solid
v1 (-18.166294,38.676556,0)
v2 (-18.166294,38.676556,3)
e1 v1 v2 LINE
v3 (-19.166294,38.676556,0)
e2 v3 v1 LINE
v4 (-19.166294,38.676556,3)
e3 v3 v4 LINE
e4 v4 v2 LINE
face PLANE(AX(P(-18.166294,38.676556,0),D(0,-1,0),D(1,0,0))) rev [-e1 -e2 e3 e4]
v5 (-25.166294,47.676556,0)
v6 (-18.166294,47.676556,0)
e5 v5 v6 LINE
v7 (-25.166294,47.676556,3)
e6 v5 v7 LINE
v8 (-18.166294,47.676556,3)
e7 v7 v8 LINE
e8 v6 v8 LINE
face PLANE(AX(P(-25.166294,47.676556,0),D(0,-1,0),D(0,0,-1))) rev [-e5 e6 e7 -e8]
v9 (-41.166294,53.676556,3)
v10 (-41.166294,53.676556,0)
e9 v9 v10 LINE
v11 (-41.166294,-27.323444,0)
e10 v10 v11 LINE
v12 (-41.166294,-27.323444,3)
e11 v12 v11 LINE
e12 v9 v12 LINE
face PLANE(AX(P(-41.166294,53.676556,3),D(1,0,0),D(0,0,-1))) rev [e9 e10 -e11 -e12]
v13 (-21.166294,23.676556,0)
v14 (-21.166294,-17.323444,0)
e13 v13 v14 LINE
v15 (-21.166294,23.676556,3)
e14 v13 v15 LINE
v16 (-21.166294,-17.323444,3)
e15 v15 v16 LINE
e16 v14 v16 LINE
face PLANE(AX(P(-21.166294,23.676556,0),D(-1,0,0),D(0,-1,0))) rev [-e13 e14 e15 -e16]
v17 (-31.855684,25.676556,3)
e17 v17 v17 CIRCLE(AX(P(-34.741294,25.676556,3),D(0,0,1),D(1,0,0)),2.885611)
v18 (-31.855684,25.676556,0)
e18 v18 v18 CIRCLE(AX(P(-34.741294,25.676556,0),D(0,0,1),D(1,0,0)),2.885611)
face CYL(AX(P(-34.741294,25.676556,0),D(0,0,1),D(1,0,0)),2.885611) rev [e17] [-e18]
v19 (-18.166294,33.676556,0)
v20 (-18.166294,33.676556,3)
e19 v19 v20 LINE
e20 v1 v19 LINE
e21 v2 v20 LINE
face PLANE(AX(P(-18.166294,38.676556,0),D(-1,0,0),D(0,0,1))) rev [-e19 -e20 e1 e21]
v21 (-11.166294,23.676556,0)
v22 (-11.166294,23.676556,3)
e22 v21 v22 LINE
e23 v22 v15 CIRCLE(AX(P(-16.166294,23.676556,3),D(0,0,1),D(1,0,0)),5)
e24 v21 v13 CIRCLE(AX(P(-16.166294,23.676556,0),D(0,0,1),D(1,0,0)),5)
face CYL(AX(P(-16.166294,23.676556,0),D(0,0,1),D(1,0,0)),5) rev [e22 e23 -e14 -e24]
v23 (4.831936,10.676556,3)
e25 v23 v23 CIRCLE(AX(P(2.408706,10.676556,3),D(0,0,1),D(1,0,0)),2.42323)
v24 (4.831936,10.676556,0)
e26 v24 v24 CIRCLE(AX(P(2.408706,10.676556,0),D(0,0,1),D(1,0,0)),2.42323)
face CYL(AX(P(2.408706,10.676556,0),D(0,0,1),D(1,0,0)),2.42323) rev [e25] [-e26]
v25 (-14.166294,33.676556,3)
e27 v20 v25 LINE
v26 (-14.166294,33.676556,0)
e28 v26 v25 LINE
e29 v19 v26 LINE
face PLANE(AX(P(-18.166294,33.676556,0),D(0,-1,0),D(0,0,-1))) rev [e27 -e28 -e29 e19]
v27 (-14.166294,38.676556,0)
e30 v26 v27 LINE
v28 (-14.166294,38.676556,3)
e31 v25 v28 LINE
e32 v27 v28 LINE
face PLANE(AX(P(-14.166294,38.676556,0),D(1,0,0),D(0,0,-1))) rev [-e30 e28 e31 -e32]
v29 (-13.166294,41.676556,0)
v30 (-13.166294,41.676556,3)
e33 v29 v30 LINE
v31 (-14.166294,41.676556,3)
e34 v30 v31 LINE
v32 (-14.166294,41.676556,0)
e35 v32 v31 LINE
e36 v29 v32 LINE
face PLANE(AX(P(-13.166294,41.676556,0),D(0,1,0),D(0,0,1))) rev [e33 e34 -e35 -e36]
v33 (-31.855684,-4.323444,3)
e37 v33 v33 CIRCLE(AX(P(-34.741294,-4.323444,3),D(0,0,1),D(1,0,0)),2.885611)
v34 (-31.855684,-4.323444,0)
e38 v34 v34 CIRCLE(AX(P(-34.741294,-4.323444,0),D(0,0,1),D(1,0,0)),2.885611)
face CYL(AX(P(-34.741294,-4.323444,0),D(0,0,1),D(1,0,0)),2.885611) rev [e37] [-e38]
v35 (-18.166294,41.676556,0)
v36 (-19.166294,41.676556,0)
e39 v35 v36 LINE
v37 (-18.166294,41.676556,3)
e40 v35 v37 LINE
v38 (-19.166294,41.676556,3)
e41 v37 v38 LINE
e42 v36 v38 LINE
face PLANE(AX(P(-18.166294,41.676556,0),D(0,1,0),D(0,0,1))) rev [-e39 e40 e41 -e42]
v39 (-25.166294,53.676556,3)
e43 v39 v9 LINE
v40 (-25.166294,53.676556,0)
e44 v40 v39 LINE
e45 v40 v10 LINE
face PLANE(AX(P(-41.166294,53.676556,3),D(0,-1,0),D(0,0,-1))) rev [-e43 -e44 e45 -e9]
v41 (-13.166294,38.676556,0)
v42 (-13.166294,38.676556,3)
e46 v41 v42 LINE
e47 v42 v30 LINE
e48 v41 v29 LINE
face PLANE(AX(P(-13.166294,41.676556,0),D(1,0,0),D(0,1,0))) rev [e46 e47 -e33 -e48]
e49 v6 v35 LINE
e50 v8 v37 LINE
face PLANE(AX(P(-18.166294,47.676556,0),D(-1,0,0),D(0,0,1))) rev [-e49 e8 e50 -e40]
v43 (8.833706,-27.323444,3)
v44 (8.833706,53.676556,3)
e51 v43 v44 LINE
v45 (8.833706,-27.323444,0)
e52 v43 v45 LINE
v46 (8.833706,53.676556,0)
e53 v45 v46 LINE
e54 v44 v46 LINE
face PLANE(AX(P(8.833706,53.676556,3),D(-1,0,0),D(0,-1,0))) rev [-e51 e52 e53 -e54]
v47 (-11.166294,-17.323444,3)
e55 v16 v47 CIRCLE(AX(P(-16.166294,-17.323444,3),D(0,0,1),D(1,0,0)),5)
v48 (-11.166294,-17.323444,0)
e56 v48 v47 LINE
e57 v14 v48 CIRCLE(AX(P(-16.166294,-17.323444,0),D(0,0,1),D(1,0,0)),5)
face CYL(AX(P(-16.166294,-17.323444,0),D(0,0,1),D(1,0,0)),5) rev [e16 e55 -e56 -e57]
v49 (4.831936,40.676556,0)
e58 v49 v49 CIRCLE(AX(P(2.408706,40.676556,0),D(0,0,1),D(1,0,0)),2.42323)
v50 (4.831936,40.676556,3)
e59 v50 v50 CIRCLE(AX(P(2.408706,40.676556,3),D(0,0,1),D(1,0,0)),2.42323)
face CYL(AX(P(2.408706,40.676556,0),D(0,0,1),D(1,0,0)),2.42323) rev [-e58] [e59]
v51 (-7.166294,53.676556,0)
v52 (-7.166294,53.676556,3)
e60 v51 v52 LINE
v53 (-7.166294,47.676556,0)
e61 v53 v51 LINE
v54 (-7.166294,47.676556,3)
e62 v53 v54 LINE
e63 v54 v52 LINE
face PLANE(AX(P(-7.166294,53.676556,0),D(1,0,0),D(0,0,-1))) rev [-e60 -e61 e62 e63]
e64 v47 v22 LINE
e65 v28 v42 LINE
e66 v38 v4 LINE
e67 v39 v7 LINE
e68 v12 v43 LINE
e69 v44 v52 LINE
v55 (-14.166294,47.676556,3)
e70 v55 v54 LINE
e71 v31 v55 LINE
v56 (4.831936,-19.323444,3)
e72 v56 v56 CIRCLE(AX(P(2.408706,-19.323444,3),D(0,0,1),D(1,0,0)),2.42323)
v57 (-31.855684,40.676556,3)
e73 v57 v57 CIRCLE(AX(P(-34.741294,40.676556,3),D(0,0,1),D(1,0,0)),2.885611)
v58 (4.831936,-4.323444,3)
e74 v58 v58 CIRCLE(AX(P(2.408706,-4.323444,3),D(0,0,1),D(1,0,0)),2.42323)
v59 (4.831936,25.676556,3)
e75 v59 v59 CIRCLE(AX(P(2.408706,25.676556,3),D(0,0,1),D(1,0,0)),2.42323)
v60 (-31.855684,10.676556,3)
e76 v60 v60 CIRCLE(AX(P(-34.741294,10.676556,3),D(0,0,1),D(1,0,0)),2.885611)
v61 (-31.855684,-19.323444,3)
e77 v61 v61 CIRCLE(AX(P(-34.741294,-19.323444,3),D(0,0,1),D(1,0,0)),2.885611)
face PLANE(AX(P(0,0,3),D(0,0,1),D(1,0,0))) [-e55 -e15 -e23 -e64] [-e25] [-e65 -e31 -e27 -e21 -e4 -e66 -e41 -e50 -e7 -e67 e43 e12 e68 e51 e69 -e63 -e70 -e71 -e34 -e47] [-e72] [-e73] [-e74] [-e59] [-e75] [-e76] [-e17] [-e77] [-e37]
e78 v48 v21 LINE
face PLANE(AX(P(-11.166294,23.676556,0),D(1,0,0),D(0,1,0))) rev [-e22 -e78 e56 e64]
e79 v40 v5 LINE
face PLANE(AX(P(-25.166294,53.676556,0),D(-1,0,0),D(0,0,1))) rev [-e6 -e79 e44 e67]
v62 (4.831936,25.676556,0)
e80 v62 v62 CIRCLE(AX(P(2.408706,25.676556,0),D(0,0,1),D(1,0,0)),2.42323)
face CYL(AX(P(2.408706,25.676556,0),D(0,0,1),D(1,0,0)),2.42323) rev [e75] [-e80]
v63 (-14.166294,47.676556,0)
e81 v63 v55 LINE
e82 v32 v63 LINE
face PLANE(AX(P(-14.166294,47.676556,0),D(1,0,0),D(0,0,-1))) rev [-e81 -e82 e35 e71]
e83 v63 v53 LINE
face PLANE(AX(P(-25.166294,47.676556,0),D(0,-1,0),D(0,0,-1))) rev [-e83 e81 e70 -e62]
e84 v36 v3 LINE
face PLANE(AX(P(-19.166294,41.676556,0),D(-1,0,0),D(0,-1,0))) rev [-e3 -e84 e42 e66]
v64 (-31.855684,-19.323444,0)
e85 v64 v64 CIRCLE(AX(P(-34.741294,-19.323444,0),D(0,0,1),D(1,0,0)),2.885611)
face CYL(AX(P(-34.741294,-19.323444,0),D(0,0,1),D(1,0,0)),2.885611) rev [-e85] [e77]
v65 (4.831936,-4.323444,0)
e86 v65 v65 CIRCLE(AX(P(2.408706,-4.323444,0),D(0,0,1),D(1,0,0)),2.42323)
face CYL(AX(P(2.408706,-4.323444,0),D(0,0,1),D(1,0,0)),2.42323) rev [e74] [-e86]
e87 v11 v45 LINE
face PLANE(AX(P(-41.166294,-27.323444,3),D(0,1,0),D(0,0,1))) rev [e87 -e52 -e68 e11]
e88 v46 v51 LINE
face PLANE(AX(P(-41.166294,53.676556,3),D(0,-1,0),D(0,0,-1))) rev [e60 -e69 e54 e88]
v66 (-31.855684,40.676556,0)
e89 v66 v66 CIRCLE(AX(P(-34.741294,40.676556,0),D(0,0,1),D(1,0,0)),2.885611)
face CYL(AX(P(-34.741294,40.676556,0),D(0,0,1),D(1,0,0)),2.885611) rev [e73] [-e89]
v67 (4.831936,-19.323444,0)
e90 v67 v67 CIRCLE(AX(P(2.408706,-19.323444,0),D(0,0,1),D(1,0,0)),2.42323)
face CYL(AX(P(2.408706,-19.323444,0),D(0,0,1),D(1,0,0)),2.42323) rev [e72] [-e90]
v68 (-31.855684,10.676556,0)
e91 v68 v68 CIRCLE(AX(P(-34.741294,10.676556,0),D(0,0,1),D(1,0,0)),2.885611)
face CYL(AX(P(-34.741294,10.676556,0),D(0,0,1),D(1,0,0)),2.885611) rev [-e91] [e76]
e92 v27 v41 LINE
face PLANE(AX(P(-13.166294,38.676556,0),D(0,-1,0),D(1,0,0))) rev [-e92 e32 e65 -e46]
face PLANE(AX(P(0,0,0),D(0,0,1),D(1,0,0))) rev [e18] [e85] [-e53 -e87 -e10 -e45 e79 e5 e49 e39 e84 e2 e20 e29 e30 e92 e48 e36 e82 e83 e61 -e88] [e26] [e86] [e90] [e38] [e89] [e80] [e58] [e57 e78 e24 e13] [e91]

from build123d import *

# Parameters (mm, degrees)
ESQUISSE1_W             = 50
ESQUISSE1_H             = 81
BOSS_EXTRU_1_DEPTH      = 3
ESQUISSE2_W             = 18
ESQUISSE2_H             = 6
ENL_V_MAT_EXTRU_1_DEPTH = 3
ENL_V_MAT_EXTRU_2_DEPTH = 3
ESQUISSE5_R             = 2.885610726
ESQUISSE5_R_2           = 2.423229835
ENL_V_MAT_EXTRU_3_DEPTH = 3


with BuildPart() as part:
    # Esquisse1 → Boss.-Extru.1 (new body)
    with BuildSketch(Plane.XY):
        with Locations((-16.166294243, 13.176556017)):
            Rectangle(ESQUISSE1_W, ESQUISSE1_H)
    extrude(amount=BOSS_EXTRU_1_DEPTH)

    # Esquisse2 → Enlèv. mat.-Extru.1 (cut)
    with BuildSketch(Plane.XY.offset(3)):
        with Locations((-16.166294243, 50.676556017)):
            Rectangle(ESQUISSE2_W, ESQUISSE2_H)
    extrude(amount=-ENL_V_MAT_EXTRU_1_DEPTH, mode=Mode.SUBTRACT)

    # Esquisse3 → Enlèv. mat.-Extru.2 (cut)
    with BuildSketch(Plane.XY.offset(3)):
        Polygon((-18.166294243, 41.676556017), (-19.166294243, 41.676556017), (-19.166294243, 38.676556017), (-18.166294243, 38.676556017), (-18.166294243, 33.676556017), (-14.166294243, 33.676556017), (-14.166294243, 38.676556017), (-13.166294243, 38.676556017), (-13.166294243, 41.676556017), (-14.166294243, 41.676556017), (-14.166294243, 47.676556017), (-18.166294243, 47.676556017), align=None)
        with BuildLine():
            Line((-11.166294243, 23.676556017), (-11.166294243, -17.323443983))
            ThreePointArc((-11.166294243, -17.323443983), (-16.166294243, -22.323443983), (-21.166294243, -17.323443983))
            Line((-21.166294243, -17.323443983), (-21.166294243, 23.676556017))
            ThreePointArc((-21.166294243, 23.676556017), (-16.166294243, 28.676556017), (-11.166294243, 23.676556017))
        make_face()
    extrude(amount=-ENL_V_MAT_EXTRU_2_DEPTH, mode=Mode.SUBTRACT)

    # Esquisse5 → Enlèv. mat.-Extru.3 (cut)
    with BuildSketch(Plane.XY.offset(3)):
        with Locations((-34.741294243, -19.323443983)):
            Circle(ESQUISSE5_R)
        with Locations((2.408705757, -19.323443983)):
            Circle(ESQUISSE5_R_2)
        with Locations((-34.741294243, -4.323443983)):
            Circle(ESQUISSE5_R)
        with Locations((2.408705757, -4.323443983)):
            Circle(ESQUISSE5_R_2)
        with Locations((-34.741294243, 10.676556017)):
            Circle(ESQUISSE5_R)
        with Locations((2.408705757, 10.676556017)):
            Circle(ESQUISSE5_R_2)
        with Locations((-34.741294243, 25.676556017)):
            Circle(ESQUISSE5_R)
        with Locations((2.408705757, 25.676556017)):
            Circle(ESQUISSE5_R_2)
        with Locations((-34.741294243, 40.676556017)):
            Circle(ESQUISSE5_R)
        with Locations((2.408705757, 40.676556017)):
            Circle(ESQUISSE5_R_2)
    extrude(amount=-ENL_V_MAT_EXTRU_3_DEPTH, mode=Mode.SUBTRACT)


solid = part.part
